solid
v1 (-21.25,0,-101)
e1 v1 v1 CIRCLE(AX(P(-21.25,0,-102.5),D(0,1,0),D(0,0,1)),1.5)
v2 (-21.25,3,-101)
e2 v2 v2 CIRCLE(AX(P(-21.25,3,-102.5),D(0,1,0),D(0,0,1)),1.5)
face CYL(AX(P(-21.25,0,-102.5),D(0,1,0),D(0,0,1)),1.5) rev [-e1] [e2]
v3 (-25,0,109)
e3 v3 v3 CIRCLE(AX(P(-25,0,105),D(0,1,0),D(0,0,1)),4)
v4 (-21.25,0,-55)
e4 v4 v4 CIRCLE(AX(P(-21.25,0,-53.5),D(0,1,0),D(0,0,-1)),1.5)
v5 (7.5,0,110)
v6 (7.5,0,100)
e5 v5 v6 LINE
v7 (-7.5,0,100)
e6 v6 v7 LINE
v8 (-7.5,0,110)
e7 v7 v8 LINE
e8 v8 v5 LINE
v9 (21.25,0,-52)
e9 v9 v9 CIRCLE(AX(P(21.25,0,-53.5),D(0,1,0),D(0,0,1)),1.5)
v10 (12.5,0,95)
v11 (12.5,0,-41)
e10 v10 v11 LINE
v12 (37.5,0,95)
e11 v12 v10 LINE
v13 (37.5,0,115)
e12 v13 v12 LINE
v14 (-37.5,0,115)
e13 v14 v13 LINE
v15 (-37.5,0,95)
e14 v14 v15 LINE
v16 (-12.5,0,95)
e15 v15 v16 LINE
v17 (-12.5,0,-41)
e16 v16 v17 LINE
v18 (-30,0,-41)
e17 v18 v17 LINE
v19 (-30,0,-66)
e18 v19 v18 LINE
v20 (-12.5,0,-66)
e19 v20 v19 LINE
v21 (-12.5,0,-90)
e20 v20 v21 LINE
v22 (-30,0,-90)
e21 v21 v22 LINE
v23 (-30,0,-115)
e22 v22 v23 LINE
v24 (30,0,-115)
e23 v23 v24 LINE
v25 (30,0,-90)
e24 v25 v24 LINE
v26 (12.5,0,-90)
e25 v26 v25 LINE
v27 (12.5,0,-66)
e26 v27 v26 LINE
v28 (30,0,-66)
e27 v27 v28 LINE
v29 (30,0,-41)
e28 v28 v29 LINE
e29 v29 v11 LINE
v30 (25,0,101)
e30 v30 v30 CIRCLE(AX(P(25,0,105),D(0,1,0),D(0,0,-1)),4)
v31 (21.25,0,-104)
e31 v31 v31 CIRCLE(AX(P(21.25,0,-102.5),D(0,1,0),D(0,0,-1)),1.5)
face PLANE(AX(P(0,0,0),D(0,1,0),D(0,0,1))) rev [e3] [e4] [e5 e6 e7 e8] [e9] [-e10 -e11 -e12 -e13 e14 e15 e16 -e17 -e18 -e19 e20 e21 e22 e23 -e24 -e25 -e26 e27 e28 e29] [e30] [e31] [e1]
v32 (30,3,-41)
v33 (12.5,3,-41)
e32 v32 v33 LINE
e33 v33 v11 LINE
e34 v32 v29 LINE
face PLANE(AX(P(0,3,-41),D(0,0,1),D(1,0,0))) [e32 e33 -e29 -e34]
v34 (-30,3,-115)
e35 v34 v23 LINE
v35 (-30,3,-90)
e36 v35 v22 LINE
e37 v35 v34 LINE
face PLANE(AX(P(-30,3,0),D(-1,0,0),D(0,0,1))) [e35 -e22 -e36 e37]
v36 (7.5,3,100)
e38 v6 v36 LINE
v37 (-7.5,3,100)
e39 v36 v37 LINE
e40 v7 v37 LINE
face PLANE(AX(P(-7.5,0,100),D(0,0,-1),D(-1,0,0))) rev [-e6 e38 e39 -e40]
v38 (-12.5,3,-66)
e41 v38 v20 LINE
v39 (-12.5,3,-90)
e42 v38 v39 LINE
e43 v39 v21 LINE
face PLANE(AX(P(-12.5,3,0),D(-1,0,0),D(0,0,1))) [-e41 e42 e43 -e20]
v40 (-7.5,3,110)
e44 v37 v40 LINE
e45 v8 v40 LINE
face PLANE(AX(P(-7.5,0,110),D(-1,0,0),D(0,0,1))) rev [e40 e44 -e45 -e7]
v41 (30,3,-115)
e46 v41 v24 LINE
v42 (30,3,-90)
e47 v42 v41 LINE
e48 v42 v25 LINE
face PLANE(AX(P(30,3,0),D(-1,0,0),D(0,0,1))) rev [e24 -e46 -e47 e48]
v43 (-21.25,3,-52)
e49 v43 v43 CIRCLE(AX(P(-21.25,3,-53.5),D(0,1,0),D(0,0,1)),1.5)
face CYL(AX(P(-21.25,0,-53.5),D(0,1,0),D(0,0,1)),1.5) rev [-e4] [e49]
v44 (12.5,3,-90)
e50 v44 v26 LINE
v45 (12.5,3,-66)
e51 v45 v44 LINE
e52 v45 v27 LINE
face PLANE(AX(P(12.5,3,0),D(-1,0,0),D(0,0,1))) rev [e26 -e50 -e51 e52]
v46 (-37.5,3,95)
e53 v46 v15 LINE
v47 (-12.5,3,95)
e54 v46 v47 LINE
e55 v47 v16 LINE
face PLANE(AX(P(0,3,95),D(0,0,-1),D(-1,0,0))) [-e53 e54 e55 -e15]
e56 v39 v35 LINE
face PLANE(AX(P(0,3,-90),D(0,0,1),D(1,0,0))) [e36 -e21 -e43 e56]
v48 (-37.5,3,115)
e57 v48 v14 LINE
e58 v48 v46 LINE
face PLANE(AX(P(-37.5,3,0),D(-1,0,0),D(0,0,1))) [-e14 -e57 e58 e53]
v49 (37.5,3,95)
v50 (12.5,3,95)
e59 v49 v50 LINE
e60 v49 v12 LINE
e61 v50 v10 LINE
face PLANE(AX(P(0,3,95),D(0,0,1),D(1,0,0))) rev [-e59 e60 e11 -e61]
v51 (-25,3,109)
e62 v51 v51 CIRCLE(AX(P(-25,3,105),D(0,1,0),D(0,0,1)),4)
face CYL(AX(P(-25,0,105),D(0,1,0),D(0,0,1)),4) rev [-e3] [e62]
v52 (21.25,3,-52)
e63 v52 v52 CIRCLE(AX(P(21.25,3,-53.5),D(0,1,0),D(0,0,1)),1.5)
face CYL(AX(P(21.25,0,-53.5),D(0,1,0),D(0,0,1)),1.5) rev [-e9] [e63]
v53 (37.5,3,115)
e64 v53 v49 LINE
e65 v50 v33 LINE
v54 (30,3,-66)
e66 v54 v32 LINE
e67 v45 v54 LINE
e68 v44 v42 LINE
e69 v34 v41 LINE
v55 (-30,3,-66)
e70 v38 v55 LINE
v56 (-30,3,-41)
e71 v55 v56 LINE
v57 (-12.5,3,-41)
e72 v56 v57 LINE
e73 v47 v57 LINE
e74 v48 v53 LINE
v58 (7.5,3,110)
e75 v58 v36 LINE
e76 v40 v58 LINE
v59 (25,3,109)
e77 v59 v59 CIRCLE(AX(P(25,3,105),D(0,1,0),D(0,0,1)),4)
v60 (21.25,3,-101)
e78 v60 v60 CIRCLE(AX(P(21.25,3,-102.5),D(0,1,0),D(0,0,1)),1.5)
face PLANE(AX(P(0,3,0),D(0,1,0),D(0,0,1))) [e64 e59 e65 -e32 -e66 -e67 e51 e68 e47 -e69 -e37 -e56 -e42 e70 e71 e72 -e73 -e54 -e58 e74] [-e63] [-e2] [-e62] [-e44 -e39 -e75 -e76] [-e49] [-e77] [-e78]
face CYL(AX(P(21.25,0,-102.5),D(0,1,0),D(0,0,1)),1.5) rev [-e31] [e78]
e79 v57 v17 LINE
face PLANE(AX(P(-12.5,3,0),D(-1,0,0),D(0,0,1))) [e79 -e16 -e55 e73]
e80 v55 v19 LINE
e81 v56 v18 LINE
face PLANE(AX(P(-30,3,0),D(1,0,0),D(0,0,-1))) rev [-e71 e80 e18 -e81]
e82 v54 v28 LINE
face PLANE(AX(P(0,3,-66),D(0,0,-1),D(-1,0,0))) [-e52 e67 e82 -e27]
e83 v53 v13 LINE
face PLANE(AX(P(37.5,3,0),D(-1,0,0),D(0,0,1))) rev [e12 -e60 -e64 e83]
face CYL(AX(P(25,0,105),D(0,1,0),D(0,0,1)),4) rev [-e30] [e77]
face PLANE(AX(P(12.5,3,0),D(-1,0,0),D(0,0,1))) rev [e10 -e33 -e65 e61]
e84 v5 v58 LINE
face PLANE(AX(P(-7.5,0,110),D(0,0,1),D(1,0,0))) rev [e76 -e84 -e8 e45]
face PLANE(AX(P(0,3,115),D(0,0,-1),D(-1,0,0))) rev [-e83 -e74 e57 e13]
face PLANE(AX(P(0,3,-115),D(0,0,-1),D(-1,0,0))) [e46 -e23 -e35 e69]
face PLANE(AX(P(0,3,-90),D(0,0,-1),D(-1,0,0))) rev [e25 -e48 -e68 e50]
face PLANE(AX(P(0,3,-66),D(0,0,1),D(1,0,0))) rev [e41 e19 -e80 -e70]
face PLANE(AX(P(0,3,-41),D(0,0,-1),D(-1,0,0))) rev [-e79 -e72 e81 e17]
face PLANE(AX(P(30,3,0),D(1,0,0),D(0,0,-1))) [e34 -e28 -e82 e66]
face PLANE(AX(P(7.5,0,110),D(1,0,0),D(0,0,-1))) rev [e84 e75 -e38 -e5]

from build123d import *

# Parameters (mm, degrees)
SKETCH1_W               = 17.5
SKETCH1_H               = 25
SKETCH1_W_2             = 25
SKETCH1_H_2             = 230
SKETCH1_H_3             = 20
BOSS_EXTRUDE1_DEPTH     = 3
CUT_EXTRUDE1_DEPTH      = 121.996900787
CUT_EXTRUDE1_DEPTH_BACK = 121.996900787
SKETCH2_R               = 1.5
CUT_EXTRUDE2_DEPTH      = 121.996900787
CUT_EXTRUDE2_DEPTH_BACK = 121.996900787
SKETCH3_R               = 4
SKETCH3_W               = 15
SKETCH3_H               = 10


with BuildPart() as part:
    # Sketch1 → Boss-Extrude1 (new body)
    with BuildSketch(Plane(origin=(0, 0, 0), x_dir=(1, 0, 0), z_dir=(0, 1, 0))):
        with Locations((21.25, 53.5)):
            Rectangle(SKETCH1_W, SKETCH1_H)
        Rectangle(SKETCH1_W_2, SKETCH1_H_2)
        with Locations((-21.25, 53.5)):
            Rectangle(SKETCH1_W, SKETCH1_H)
        with Locations((21.25, 102.5)):
            Rectangle(SKETCH1_W, SKETCH1_H)
        with Locations((-21.25, 102.5)):
            Rectangle(SKETCH1_W, SKETCH1_H)
        with Locations((-25, -105)):
            Rectangle(SKETCH1_W_2, SKETCH1_H_3)
        with Locations((25, -105)):
            Rectangle(SKETCH1_W_2, SKETCH1_H_3)
    extrude(amount=BOSS_EXTRUDE1_DEPTH)

    # Sketch2 → Cut-Extrude1 (cut, two sides: drawn at the far end of the back side and taken through both)
    with BuildSketch(Plane(origin=(0, 3, 0), x_dir=(1, 0, 0), z_dir=(0, 1, 0)).offset(-CUT_EXTRUDE1_DEPTH_BACK)):
        with Locations(Location((-21.25, 102.5, 0), (0, 0, 270))):
            Circle(SKETCH2_R)
        with Locations(Location((21.25, 102.5, 0), (0, 0, 270))):
            Circle(SKETCH2_R)
        with Locations(Location((-21.25, 53.5, 0), (0, 0, 270))):
            Circle(SKETCH2_R)
        with Locations(Location((21.25, 53.5, 0), (0, 0, 270))):
            Circle(SKETCH2_R)
    extrude(amount=CUT_EXTRUDE1_DEPTH + CUT_EXTRUDE1_DEPTH_BACK, mode=Mode.SUBTRACT)

    # Sketch3 → Cut-Extrude2 (cut, two sides: drawn at the far end of the back side and taken through both)
    with BuildSketch(Plane(origin=(0, 3, 0), x_dir=(1, 0, 0), z_dir=(0, 1, 0)).offset(-CUT_EXTRUDE2_DEPTH_BACK)):
        with Locations(Location((-25, -105, 0), (0, 0, 270))):
            Circle(SKETCH3_R)
        with Locations(Location((25, -105, 0), (0, 0, 270))):
            Circle(SKETCH3_R)
        with Locations((0, -105)):
            Rectangle(SKETCH3_W, SKETCH3_H)
    extrude(amount=CUT_EXTRUDE2_DEPTH + CUT_EXTRUDE2_DEPTH_BACK, mode=Mode.SUBTRACT)


solid = part.part
